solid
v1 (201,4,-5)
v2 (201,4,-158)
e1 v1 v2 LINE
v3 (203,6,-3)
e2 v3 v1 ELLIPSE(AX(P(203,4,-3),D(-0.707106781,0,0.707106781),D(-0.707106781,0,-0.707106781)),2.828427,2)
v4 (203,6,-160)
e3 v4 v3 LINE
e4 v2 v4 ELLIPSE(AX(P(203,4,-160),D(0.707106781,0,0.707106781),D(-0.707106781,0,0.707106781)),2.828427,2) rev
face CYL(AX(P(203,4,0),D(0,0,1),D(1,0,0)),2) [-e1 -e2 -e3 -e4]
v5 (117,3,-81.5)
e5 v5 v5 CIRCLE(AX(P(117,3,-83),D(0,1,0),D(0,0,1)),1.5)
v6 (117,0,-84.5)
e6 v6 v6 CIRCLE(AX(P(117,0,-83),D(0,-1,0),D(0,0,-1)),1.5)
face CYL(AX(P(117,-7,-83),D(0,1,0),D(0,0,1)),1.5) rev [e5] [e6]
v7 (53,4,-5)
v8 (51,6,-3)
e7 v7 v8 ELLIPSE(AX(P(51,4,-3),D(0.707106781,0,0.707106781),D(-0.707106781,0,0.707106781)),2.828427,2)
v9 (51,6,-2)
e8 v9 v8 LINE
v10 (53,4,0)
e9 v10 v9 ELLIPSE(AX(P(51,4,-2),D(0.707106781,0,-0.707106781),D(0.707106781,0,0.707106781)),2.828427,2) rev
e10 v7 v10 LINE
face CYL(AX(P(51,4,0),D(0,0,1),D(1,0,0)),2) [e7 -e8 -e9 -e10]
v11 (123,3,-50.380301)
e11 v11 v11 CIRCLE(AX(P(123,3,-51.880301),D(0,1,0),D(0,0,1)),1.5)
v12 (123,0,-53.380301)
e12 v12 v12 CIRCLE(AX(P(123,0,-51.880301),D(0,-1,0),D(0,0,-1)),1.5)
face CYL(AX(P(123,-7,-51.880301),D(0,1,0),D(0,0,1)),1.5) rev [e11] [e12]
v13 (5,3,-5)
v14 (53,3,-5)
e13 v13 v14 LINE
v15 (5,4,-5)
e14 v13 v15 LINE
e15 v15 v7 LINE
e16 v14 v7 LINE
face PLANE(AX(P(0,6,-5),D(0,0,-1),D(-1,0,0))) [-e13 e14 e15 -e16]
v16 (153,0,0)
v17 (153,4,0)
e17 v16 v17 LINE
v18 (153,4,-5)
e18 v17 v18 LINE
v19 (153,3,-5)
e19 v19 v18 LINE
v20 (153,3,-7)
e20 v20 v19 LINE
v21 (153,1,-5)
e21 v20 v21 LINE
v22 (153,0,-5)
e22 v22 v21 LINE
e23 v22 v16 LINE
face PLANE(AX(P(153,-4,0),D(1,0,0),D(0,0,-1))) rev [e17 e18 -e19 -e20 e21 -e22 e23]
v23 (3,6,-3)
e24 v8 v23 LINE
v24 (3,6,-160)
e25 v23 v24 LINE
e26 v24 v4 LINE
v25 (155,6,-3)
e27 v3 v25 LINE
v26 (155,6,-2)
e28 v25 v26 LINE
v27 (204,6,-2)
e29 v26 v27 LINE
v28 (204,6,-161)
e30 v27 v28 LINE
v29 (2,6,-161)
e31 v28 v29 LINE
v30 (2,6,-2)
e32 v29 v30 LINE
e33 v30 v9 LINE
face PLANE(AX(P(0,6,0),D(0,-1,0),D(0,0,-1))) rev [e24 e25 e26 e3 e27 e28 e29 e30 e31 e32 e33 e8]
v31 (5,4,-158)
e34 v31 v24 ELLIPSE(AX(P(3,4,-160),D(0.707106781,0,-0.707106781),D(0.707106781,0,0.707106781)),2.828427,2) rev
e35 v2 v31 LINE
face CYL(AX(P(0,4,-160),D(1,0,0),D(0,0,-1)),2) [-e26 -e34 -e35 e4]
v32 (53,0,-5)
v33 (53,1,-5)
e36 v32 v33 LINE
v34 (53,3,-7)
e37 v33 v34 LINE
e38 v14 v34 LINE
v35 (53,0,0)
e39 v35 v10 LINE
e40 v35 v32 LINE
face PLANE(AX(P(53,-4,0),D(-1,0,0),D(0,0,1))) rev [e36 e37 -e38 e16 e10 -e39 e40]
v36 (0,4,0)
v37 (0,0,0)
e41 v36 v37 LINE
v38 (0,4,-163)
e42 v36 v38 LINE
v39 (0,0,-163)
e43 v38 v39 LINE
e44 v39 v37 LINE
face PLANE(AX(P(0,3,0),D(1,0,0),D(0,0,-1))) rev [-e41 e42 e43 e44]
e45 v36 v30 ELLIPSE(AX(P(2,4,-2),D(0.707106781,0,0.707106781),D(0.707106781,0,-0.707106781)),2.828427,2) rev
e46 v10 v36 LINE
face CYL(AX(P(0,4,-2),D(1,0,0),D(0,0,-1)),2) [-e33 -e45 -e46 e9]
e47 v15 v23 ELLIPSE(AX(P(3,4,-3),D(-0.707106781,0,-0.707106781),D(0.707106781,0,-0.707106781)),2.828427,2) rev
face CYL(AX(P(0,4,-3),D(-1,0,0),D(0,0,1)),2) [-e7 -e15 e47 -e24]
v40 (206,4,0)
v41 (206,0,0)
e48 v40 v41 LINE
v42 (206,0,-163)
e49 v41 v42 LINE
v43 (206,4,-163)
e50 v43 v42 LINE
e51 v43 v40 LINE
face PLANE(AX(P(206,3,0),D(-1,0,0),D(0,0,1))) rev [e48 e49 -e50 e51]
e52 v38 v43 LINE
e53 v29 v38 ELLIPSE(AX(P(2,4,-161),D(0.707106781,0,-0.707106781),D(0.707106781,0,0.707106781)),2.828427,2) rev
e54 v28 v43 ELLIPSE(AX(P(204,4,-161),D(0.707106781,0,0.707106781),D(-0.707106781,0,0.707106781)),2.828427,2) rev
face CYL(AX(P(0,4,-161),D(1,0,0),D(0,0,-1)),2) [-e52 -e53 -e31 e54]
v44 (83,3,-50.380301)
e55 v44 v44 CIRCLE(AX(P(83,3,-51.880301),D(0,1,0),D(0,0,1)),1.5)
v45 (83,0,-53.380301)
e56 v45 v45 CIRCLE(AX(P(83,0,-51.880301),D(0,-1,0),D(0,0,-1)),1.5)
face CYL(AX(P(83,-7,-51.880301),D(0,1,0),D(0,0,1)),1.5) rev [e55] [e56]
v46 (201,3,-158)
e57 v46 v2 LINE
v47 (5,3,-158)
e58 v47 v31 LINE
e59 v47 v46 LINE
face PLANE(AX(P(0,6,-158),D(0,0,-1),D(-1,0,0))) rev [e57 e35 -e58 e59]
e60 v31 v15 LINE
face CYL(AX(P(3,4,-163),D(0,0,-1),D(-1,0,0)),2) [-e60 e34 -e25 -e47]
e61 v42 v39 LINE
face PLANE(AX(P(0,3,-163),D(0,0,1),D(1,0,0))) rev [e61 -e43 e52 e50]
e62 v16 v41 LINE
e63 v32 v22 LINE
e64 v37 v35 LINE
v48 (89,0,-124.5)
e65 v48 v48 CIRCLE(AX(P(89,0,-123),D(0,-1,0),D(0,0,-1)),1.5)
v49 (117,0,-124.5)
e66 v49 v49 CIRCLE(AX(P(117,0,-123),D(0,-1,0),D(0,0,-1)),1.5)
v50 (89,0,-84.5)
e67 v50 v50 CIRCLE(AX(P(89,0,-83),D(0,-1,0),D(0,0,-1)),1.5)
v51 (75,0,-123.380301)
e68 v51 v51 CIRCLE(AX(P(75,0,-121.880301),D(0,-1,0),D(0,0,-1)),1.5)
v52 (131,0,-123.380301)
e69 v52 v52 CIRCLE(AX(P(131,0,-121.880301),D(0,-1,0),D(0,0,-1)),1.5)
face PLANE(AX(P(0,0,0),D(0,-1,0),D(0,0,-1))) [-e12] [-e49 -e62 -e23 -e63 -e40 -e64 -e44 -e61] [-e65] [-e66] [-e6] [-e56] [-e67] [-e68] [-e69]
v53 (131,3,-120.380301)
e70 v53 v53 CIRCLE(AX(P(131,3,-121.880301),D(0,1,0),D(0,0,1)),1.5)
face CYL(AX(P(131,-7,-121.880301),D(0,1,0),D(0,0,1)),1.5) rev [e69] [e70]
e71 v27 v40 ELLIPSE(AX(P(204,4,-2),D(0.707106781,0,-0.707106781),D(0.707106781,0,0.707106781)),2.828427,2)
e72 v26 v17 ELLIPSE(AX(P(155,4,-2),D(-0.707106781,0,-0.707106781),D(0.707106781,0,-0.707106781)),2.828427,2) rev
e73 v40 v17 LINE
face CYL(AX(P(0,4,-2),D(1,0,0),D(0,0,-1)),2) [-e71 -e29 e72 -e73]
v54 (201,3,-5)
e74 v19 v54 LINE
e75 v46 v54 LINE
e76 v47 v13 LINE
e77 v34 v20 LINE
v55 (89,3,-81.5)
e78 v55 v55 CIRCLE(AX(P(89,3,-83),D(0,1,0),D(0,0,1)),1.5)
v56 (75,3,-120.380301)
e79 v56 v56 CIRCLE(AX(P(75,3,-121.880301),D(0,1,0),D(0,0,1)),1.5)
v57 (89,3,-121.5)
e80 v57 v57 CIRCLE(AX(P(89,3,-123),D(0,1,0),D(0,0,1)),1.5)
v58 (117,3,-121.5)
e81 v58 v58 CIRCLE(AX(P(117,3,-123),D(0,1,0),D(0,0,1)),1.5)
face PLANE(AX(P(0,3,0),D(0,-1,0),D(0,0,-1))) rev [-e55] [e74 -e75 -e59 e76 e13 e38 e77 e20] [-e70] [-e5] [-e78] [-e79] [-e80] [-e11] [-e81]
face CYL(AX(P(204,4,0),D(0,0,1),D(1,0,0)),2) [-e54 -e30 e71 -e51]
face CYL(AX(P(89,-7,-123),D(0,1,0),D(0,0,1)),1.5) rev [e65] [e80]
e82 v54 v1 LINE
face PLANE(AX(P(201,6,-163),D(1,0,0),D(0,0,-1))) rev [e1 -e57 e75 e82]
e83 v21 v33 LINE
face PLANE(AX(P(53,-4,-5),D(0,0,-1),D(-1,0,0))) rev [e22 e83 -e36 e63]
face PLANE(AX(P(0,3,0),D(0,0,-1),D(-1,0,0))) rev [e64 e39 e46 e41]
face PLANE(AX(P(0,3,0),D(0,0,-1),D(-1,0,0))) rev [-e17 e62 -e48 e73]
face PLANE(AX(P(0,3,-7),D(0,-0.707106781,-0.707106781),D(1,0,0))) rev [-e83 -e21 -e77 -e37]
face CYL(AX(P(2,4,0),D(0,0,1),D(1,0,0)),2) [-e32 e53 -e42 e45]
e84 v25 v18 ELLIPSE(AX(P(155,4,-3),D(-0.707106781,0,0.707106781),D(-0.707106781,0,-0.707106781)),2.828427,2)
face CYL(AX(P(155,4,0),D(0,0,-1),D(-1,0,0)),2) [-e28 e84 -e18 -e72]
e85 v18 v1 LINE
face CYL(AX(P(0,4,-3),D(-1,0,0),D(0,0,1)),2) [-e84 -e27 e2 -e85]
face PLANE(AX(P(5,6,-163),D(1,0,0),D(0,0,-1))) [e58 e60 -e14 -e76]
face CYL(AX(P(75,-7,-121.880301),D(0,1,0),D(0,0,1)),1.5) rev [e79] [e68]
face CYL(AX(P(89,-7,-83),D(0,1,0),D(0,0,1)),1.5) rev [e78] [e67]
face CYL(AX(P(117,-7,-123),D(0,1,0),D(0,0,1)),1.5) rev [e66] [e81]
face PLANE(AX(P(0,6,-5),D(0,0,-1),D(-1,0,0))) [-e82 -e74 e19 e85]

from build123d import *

# Parameters (mm, degrees)
CROQUIS1_W              = 206
CROQUIS1_H              = 163
SALIENTE_EXTRUIR1_DEPTH = 3
CROQUIS2_W              = 206
CROQUIS2_H              = 163
CROQUIS2_W_2            = 196
CROQUIS2_H_2            = 153
SALIENTE_EXTRUIR2_DEPTH = 3
CROQUIS3_W              = 100
CROQUIS3_H              = 5
CORTAR_EXTRUIR1_DEPTH   = 10
REDONDEO2_R             = 2
CHAFL_N1_SIZE           = 2
CROQUIS4_R              = 1.5
CORTAR_EXTRUIR3_DEPTH   = 10
CROQUIS5_R              = 1.5
CORTAR_EXTRUIR4_DEPTH   = 10


with BuildPart() as part:
    # Croquis1 → Saliente-Extruir1 (new body)
    with BuildSketch(Plane(origin=(0, 0, 0), x_dir=(1, 0, 0), z_dir=(0, 1, 0))):
        with Locations((103, 81.5)):
            Rectangle(CROQUIS1_W, CROQUIS1_H)
    extrude(amount=SALIENTE_EXTRUIR1_DEPTH)

    # Croquis2 → Saliente-Extruir2 (add)
    with BuildSketch(Plane(origin=(0, 3, 0), x_dir=(1, 0, 0), z_dir=(0, 1, 0))):
        with Locations((103, 81.5)):
            Rectangle(CROQUIS2_W, CROQUIS2_H)
        with Locations((103, 81.5)):
            Rectangle(CROQUIS2_W_2, CROQUIS2_H_2, mode=Mode.SUBTRACT)
    extrude(amount=SALIENTE_EXTRUIR2_DEPTH)

    # Croquis3 → Cortar-Extruir1 (cut)
    with BuildSketch(Plane(origin=(0, 6, 0), x_dir=(1, 0, 0), z_dir=(0, 1, 0))):
        with Locations((103, 2.5)):
            Rectangle(CROQUIS3_W, CROQUIS3_H)
    extrude(amount=-CORTAR_EXTRUIR1_DEPTH, mode=Mode.SUBTRACT)

    # Redondeo2
    redondeo2_edges = [part.edges().sort_by_distance(p)[0] for p in [
        (103, 6, -163),
        (26.5, 6, 0),
        (0, 6, -81.5),
        (201, 6, -81.5),
        (103, 6, -158),
        (5, 6, -81.5),
        (206, 6, -81.5),
        (29, 6, -5),
        (177, 6, -5),
        (179.5, 6, 0),
        (53, 6, -2.5),
        (153, 6, -2.5),
    ]]
    fillet(redondeo2_edges, radius=REDONDEO2_R)

    # Chaflán1
    chafl_n1_edges = [part.edges().sort_by_distance(p)[0] for p in [
        (103, 3, -5),
    ]]
    chamfer(chafl_n1_edges, length=CHAFL_N1_SIZE)

    # Croquis4 → Cortar-Extruir3 (cut)
    with BuildSketch(Plane(origin=(0, 3, 0), x_dir=(1, 0, 0), z_dir=(0, 1, 0))):
        with Locations(Location((123, 51.88030089, 0), (0, 0, 270))):
            Circle(CROQUIS4_R)
        with Locations(Location((83, 51.88030089, 0), (0, 0, 270))):
            Circle(CROQUIS4_R)
        with Locations(Location((75, 121.88030089, 0), (0, 0, 270))):
            Circle(CROQUIS4_R)
        with Locations(Location((131, 121.88030089, 0), (0, 0, 270))):
            Circle(CROQUIS4_R)
    extrude(amount=-CORTAR_EXTRUIR3_DEPTH, mode=Mode.SUBTRACT)

    # Croquis5 → Cortar-Extruir4 (cut)
    with BuildSketch(Plane(origin=(0, 3, 0), x_dir=(1, 0, 0), z_dir=(0, 1, 0))):
        with Locations(Location((89, 123, 0), (0, 0, 270))):
            Circle(CROQUIS5_R)
        with Locations(Location((117, 123, 0), (0, 0, 270))):
            Circle(CROQUIS5_R)
        with Locations(Location((89, 83, 0), (0, 0, 270))):
            Circle(CROQUIS5_R)
        with Locations(Location((117, 83, 0), (0, 0, 270))):
            Circle(CROQUIS5_R)
    extrude(amount=-CORTAR_EXTRUIR4_DEPTH, mode=Mode.SUBTRACT)


solid = part.part
